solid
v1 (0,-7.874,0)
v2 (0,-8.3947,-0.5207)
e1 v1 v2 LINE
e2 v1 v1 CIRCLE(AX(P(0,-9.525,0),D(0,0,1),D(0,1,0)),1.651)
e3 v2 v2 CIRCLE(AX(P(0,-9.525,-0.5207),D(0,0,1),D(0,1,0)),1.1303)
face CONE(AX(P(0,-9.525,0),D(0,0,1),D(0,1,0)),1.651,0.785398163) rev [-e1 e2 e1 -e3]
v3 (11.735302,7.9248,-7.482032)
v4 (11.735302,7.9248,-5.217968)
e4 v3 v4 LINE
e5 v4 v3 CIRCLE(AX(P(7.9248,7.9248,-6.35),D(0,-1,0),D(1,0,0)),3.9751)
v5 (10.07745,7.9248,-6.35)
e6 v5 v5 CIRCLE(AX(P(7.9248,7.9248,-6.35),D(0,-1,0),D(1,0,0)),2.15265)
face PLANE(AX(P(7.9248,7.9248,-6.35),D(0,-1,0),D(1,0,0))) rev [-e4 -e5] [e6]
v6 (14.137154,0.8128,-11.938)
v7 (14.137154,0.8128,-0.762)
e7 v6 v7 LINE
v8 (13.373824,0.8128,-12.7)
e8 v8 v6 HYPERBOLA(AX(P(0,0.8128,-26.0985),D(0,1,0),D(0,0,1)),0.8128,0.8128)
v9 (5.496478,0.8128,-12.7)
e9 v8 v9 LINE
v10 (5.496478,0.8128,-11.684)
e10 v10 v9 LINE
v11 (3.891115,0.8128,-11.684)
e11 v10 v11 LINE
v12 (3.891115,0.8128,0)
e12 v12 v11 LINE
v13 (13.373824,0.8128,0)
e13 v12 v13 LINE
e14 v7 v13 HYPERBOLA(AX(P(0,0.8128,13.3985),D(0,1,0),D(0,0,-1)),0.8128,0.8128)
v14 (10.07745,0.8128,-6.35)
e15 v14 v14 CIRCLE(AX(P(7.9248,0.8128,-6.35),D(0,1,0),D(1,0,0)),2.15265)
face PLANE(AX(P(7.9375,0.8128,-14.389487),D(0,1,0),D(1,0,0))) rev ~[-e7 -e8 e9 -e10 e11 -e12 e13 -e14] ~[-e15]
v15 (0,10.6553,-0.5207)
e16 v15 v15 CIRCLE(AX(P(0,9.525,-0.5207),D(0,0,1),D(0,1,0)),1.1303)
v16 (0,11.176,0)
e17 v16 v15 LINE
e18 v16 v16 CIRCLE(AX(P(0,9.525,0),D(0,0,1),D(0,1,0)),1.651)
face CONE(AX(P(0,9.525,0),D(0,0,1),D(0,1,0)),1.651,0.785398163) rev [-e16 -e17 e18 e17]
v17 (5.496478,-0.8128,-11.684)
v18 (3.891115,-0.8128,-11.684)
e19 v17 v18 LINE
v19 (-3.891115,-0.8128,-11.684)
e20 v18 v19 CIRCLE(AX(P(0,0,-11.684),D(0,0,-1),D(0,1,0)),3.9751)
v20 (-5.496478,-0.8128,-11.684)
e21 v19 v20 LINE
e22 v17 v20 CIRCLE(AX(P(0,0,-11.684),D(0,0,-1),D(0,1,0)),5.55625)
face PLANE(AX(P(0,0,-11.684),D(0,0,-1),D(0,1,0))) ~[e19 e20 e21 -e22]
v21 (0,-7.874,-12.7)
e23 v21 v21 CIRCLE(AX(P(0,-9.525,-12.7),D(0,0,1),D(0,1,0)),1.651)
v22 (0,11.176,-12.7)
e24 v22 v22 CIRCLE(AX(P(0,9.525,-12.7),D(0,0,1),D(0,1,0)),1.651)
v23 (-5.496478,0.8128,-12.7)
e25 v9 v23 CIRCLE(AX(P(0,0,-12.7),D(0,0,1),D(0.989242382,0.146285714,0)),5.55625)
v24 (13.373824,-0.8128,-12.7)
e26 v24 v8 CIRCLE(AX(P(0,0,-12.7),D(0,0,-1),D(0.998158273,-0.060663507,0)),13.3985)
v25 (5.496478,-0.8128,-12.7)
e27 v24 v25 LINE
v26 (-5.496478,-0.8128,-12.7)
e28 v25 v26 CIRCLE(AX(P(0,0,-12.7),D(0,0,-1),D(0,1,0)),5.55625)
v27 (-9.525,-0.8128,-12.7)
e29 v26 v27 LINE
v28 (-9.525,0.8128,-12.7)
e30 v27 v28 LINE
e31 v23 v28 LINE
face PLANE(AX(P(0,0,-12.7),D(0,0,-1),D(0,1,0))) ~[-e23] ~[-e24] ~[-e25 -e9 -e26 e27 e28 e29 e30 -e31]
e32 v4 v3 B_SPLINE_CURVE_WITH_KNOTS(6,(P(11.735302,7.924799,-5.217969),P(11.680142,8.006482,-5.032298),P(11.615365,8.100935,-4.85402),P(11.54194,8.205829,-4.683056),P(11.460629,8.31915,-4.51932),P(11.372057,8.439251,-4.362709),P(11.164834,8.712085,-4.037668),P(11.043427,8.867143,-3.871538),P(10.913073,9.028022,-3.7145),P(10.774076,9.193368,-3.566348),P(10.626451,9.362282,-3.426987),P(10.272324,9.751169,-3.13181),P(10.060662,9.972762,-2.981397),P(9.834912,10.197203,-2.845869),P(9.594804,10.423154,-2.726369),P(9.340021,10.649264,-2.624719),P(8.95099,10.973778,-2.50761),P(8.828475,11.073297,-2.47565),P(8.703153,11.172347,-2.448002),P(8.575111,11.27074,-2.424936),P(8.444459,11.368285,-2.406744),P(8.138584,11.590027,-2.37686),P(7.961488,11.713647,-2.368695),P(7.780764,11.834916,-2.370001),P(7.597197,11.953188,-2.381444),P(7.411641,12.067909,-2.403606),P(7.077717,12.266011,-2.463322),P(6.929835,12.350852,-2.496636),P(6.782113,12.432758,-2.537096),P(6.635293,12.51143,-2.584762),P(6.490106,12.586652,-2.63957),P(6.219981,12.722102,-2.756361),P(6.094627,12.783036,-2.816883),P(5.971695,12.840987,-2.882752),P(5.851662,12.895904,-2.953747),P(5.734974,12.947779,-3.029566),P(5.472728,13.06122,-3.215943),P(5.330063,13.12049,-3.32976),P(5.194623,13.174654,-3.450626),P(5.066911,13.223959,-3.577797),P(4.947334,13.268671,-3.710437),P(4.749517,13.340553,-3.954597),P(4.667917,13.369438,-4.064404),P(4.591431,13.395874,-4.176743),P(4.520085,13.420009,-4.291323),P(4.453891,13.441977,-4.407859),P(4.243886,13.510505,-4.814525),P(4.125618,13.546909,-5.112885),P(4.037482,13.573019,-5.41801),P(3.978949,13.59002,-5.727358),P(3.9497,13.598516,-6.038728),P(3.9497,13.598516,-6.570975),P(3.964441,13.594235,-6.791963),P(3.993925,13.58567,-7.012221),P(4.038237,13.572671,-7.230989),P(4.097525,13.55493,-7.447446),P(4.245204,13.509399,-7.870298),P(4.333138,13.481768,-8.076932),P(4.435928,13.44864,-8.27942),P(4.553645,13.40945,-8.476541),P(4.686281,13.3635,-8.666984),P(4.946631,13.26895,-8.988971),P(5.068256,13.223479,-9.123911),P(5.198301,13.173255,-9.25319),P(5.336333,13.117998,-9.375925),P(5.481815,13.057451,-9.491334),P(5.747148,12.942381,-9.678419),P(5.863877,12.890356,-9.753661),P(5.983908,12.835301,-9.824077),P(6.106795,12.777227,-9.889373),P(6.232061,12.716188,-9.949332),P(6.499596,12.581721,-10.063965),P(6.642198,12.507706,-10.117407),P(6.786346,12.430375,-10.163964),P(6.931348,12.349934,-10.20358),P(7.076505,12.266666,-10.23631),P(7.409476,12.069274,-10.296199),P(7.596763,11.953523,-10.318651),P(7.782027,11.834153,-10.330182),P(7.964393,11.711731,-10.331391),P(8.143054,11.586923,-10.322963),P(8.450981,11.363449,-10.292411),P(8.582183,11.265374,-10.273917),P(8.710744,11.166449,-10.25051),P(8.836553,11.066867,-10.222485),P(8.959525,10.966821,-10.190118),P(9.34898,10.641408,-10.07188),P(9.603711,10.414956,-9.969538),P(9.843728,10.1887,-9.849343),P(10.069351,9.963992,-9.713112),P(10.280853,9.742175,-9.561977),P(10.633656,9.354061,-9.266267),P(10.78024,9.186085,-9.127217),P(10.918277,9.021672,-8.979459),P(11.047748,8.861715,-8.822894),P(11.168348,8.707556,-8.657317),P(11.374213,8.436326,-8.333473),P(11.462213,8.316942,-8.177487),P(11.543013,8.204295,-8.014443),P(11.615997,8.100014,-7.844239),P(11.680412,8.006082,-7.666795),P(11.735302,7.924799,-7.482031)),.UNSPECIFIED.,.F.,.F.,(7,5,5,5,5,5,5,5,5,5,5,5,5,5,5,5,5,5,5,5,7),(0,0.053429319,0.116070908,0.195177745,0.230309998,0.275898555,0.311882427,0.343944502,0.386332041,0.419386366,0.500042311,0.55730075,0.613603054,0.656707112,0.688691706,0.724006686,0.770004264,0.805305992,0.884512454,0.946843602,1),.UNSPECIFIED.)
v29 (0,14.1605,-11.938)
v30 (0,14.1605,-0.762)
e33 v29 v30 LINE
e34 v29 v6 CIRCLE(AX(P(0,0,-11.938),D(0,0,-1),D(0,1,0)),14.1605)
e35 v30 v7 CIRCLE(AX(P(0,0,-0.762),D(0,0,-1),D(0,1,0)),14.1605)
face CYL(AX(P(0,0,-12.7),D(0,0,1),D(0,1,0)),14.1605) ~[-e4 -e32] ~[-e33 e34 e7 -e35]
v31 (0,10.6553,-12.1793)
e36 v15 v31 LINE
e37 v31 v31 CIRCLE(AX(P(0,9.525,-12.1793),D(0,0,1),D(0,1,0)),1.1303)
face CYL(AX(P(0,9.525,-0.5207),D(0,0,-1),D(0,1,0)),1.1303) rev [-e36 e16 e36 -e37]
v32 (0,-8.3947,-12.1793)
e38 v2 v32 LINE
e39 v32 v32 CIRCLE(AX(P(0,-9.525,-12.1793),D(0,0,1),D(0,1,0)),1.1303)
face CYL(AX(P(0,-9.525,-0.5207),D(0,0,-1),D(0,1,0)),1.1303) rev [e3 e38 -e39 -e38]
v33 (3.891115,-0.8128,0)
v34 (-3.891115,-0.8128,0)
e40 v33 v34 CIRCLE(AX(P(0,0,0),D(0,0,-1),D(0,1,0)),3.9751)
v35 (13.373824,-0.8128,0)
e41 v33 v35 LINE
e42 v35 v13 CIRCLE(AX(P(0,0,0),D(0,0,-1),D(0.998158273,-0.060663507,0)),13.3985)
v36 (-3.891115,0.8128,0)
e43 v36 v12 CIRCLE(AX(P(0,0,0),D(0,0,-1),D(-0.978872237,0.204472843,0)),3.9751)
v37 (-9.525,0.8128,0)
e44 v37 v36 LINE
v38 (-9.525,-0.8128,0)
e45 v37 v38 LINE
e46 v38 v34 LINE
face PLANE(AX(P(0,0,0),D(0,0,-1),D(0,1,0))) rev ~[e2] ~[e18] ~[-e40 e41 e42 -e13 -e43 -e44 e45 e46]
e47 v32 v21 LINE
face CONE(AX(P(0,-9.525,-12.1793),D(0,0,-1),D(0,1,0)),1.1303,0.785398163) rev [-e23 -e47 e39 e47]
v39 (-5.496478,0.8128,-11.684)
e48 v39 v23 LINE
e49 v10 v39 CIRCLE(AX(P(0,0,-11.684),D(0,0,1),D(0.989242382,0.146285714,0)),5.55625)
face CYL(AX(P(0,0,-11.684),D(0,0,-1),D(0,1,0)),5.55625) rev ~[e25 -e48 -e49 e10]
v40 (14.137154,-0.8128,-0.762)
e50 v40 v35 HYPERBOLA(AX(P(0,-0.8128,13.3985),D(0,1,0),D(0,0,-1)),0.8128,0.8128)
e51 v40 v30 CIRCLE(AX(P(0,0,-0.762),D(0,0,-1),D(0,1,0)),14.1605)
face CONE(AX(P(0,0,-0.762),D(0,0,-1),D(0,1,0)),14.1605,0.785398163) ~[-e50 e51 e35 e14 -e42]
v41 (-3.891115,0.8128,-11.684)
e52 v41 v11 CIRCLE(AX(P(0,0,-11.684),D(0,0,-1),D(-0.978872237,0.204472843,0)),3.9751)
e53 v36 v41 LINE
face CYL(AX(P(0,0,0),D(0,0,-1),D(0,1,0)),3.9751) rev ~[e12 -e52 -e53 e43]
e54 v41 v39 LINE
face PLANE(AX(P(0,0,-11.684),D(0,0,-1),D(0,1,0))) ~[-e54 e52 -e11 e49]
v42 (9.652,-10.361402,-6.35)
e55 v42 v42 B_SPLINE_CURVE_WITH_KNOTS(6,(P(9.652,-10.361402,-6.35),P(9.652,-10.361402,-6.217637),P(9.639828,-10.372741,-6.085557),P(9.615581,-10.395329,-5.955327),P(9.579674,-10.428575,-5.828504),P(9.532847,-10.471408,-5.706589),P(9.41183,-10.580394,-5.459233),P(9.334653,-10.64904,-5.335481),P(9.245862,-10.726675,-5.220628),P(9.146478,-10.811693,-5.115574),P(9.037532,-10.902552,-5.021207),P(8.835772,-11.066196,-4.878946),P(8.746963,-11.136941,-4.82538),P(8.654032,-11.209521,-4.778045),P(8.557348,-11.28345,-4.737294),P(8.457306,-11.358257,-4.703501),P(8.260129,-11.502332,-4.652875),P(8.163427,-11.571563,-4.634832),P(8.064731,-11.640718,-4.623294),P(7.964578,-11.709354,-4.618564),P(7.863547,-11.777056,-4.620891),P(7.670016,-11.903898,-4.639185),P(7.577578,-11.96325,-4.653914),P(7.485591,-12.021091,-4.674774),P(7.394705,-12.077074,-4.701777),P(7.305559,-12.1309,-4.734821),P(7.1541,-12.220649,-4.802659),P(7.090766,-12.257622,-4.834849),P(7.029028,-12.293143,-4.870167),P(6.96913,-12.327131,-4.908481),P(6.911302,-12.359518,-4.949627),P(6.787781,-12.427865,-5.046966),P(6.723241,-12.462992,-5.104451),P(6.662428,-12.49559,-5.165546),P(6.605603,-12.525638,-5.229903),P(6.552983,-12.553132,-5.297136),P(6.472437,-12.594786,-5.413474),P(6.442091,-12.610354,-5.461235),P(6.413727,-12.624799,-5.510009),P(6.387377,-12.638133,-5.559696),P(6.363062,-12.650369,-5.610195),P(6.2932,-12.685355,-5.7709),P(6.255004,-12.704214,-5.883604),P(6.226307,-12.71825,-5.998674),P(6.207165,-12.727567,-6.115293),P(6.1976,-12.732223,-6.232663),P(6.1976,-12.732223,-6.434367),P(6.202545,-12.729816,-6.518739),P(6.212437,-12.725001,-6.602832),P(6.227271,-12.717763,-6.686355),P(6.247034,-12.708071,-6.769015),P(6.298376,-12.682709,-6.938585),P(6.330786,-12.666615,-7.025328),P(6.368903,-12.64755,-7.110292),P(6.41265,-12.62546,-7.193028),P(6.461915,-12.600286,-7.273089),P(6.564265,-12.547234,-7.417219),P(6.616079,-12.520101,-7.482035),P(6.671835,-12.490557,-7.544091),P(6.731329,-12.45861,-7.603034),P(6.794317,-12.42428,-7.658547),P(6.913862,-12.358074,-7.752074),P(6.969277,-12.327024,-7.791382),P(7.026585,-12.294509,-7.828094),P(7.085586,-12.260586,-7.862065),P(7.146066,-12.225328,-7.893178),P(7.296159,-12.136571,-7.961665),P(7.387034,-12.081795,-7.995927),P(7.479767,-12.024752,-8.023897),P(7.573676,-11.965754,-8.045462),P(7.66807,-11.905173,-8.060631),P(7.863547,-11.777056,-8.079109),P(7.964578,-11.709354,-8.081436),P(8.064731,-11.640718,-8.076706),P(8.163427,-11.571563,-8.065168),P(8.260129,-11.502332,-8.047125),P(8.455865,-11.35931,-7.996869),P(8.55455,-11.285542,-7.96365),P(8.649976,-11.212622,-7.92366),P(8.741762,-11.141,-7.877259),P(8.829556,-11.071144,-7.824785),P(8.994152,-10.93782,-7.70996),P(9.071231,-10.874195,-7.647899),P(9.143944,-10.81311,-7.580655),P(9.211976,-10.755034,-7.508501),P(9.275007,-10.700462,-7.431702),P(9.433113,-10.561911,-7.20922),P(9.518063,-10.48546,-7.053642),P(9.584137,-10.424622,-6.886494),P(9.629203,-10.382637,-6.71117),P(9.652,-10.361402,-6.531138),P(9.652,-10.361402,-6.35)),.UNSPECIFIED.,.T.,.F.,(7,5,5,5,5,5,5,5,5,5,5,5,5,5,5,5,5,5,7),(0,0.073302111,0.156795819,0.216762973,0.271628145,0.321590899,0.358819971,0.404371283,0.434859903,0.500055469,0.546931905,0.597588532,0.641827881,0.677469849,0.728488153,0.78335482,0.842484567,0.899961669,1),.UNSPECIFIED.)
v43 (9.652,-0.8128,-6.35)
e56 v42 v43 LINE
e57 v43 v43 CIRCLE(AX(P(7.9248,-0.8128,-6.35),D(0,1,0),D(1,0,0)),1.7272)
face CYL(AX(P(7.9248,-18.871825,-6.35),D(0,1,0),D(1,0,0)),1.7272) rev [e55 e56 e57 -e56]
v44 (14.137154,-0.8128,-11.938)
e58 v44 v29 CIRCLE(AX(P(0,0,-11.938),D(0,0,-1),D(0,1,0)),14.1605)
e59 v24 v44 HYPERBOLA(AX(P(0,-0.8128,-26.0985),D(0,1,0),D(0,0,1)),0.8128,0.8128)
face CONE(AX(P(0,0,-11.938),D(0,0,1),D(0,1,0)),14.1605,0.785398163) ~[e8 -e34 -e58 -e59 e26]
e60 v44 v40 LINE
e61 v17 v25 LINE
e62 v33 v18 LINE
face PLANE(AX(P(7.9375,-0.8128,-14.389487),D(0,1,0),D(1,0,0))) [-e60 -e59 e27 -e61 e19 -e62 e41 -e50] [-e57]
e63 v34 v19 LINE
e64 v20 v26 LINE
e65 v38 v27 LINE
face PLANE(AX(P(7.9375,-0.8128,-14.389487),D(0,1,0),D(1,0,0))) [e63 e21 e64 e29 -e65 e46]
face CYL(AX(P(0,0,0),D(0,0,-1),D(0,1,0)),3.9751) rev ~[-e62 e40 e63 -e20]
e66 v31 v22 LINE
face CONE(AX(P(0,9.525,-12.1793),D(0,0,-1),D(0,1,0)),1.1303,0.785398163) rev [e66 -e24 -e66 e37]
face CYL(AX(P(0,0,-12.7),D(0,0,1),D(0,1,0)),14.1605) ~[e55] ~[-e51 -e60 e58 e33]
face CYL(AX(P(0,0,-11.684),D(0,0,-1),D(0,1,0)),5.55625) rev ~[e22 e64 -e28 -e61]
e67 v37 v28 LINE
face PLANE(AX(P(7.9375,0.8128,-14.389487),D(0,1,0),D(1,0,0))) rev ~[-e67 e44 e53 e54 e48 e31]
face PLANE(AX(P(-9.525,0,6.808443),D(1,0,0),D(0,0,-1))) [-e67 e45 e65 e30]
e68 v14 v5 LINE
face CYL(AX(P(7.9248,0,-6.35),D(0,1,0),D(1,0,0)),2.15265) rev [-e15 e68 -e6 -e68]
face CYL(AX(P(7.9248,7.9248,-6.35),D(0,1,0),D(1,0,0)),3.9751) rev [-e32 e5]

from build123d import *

# Parameters (mm, degrees)
CHAMFER1_SIZE                  = 0.762
F_4_40_TAPPED_HOLE1_AT_2_COUNT = 2
F_4_40_TAPPED_HOLE1_AT_2_PITCH = 19.05
SKETCH4_W                      = 34.925
SKETCH4_H                      = 42.395859198
CUT_EXTRUDE1_DEPTH             = 0.8128


with BuildPart() as part:
    # Sketch1 → Revolve1 (revolve)
    with BuildSketch(Plane(origin=(0, 0, 0), x_dir=(0, 0, -1), z_dir=(1, 0, 0))):
        Polygon((0, 3.9751), (11.684, 3.9751), (11.684, 5.55625), (12.7, 5.55625), (12.7, 14.1605), (0, 14.1605), align=None)
    revolve(axis=Axis((0, 0, -16.392907801), (0, 0, -1)))

    # Chamfer1
    chamfer1_edges = [part.edges().sort_by_distance(p)[0] for p in [
        (0, -14.1605, -12.7),
        (0, -14.1605, 0),
    ]]
    chamfer(chamfer1_edges, length=CHAMFER1_SIZE)

    # Sketch2 → Cut-Revolve1 (revolve, cut)
    with BuildSketch(Plane.XY.offset(-6.35)):
        Polygon((10.07745, 0), (10.07745, 7.9248), (11.8999, 7.9248), (11.8999, 20.6248), (7.9248, 20.6248), (7.9248, -19.869024768), (9.652, -18.871825383), (9.652, -0.245633672), align=None)
    revolve(axis=Axis((7.9248, -19.869024768, -6.35), (0, -1, 0)), mode=Mode.SUBTRACT)

    # Sketch5 → #4-40 Tapped Hole1 (revolve, cut)
    with BuildSketch(Plane(origin=(0, 9.525, -12.7), x_dir=(0, 1, 0), z_dir=(1, 0, 0))):
        Polygon((0, 0), (0, 12.7), (1.651, 12.7), (1.1303, 12.1793), (1.1303, 0.5207), (1.651, 0), align=None)
    f_4_40_tapped_hole1 = revolve(axis=Axis((0, 9.525, -19.05), (0, 0, 1)), mode=Mode.SUBTRACT)

    # #4-40 Tapped Hole1 at 2: #4-40 Tapped Hole1 ×2
    with Locations(*[(0, -i * F_4_40_TAPPED_HOLE1_AT_2_PITCH, 0) for i in range(1, F_4_40_TAPPED_HOLE1_AT_2_COUNT)]):
        add(f_4_40_tapped_hole1, mode=Mode.SUBTRACT)

    # Sketch4 → Cut-Extrude1 (cut, symmetric)
    with BuildSketch(Plane(origin=(0, 0, 0), x_dir=(1, 0, 0), z_dir=(0, 1, 0))):
        with Locations((7.9375, 14.389486552)):
            Rectangle(SKETCH4_W, SKETCH4_H)
    extrude(amount=CUT_EXTRUDE1_DEPTH, both=True, mode=Mode.SUBTRACT)


solid = part.part
